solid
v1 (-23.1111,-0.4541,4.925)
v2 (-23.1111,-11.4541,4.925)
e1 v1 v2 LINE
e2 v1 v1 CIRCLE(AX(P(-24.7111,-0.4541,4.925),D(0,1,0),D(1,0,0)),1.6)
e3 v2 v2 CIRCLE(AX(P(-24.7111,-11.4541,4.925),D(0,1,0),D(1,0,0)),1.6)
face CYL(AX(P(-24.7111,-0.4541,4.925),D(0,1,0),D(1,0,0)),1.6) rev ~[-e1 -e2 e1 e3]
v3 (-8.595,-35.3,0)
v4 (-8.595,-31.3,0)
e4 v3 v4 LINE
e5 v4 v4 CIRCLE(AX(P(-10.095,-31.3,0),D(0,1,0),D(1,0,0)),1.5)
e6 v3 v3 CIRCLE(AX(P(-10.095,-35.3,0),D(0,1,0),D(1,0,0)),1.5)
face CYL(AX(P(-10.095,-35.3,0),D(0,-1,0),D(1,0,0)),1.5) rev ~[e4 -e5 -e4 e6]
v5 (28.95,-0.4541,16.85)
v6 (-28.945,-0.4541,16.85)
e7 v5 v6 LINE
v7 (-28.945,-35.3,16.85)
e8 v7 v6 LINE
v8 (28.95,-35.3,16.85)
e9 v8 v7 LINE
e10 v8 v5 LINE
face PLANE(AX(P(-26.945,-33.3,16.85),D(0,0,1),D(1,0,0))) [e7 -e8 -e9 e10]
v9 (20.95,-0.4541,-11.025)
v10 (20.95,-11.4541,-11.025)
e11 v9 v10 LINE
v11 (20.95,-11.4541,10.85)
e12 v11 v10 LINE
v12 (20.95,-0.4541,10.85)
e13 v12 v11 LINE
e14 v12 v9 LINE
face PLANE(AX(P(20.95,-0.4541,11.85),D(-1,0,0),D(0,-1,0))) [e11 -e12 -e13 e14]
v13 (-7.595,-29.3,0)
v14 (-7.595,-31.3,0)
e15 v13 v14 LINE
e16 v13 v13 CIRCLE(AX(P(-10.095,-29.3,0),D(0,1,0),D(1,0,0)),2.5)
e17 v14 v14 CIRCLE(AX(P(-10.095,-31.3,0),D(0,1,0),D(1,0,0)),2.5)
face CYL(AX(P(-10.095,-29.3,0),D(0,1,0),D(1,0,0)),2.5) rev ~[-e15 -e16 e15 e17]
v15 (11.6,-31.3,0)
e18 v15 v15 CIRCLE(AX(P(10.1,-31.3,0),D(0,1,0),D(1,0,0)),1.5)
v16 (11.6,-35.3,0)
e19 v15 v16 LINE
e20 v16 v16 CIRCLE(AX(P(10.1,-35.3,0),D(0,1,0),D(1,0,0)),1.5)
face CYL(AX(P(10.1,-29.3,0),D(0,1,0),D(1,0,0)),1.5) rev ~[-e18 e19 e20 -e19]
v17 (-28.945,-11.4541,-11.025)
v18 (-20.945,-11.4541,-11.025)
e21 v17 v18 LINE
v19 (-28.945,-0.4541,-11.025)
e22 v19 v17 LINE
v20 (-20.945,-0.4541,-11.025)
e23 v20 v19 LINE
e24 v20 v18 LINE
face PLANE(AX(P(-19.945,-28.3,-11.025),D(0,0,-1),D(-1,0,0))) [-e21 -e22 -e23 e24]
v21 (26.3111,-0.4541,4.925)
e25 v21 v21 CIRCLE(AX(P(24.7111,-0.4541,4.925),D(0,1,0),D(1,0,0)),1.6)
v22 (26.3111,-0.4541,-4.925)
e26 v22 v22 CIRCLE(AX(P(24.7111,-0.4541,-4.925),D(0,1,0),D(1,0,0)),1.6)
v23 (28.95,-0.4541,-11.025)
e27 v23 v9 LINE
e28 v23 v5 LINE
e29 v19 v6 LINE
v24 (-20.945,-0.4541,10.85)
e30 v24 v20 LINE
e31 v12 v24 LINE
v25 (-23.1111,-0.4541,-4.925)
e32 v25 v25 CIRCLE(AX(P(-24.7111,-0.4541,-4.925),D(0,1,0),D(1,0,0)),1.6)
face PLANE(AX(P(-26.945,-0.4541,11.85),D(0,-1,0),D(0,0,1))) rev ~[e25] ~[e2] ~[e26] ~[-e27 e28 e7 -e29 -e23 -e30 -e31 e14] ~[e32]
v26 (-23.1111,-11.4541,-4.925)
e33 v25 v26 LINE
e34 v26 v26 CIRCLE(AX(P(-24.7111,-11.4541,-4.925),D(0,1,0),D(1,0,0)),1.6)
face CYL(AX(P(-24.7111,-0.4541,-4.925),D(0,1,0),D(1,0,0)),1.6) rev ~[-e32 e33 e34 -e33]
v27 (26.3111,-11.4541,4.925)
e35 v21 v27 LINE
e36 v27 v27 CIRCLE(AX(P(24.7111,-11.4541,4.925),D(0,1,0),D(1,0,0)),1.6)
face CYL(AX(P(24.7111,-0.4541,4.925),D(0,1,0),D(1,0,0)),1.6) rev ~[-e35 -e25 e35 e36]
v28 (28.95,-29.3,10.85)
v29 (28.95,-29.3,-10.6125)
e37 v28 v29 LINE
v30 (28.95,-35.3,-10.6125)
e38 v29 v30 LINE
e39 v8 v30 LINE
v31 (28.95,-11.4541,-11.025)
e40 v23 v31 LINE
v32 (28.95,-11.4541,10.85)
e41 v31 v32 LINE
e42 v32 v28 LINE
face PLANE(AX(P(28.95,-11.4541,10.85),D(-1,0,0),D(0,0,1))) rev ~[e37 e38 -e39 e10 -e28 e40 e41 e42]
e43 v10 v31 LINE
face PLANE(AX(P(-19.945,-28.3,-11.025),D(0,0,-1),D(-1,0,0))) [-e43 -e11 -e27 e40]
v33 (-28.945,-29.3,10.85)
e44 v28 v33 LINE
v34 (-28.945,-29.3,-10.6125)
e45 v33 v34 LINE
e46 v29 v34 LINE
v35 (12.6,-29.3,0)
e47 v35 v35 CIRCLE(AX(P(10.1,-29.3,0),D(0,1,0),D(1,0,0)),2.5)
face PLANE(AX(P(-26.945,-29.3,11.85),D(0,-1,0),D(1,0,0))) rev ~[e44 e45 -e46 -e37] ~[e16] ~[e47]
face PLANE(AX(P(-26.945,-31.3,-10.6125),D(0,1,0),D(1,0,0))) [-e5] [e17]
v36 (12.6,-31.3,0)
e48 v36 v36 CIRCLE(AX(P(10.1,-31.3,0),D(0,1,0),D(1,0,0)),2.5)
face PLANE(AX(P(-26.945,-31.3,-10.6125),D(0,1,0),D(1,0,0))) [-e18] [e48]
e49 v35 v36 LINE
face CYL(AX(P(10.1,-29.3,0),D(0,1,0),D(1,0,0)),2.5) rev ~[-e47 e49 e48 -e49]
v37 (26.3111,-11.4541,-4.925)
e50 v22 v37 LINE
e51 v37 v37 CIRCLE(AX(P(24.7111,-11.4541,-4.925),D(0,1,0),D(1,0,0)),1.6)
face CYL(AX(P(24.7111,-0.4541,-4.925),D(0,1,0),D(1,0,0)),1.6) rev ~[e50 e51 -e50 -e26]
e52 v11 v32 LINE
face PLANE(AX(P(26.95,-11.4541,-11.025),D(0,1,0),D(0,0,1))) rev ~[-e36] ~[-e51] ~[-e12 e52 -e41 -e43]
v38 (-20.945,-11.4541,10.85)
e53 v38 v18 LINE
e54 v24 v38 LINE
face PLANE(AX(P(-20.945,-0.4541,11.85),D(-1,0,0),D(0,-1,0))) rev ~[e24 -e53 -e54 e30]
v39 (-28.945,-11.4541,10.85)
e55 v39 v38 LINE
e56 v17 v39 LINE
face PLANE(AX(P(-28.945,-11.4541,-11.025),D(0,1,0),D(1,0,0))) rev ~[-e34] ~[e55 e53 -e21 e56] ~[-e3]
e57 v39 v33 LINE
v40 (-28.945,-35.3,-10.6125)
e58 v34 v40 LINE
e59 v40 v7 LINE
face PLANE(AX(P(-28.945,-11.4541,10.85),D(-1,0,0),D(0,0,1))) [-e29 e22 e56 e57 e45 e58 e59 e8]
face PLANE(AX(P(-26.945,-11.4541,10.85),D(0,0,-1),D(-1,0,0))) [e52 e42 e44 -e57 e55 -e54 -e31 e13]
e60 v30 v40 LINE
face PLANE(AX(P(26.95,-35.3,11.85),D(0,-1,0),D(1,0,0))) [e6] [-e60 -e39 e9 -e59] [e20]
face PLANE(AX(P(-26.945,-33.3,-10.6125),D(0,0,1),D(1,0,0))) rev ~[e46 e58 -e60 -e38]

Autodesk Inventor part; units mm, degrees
ref_plane "Work Plane1" through (-19.25, -0.5, 9.85) normal (0, 0, 1) x (1, 0, 0)
sketch "Sketch1" plane through (-19.25, -0.5, 9.85) normal (0, 0, 1) x (1, 0, 0)
  line L0 (-0.695, -27.8) -> (39.2, -27.8)
  line L1 (39.2, -27.8) -> (39.2, 8.9608)
  line L2 (39.2, 8.9608) -> (-0.695, 8.9608)
  line L3 (-0.695, 8.9608) -> (-0.695, -27.8)
  point P0 (19.25, 0.5)
extrude "Extrusion1" add sketch "Sketch1" along normal blind 3
ref_plane "Work Plane2" through (-19.25, -0.5, 12.85) normal (0, 0, 1) x (1, 0, 0)
sketch "Sketch2" plane through (-19.25, -0.5, 12.85) normal (0, 0, 1) x (1, 0, 0)
  line L0 (39.2, -27.8) -> (39.2, 8.9608) projected
  line L1 (39.2, -27.8) -> (-0.695, -27.8)
  line L2 (-0.695, -27.8) -> (-0.695, 8.9608)
  line L3 (-0.695, 8.9608) -> (39.2, 8.9608)
  line L4 (39.2, 8.9608) -> (39.2, -27.8)
  point P0 (19.25, 0.5)
  point P1 (39.2, 8.9608)
extrude "Extrusion2" add sketch "Sketch2" along normal blind 5
ref_plane "Work Plane4" through (19.95, -28.3, 9.85) normal (1, 0, 0) x (0, 0, -1)
sketch "Sketch3" plane through (19.95, -28.3, 9.85) normal (1, 0, 0) x (0, 0, -1)
  line L0 (0, 0) -> (0, 36.7608) projected
  line L1 (0, 0) -> (-8, 0) projected
  line L2 (0, 36.7608) -> (-2, 36.7608)
  line L3 (-2, 36.7608) -> (-2, 0)
  line L4 (-2, 0) -> (0, 0)
  line L5 (0, 0) -> (0, 36.7608)
  point P0 (9.85, 28.3)
  dimension "d4" = 2
extrude "Extrusion3" cut sketch "Sketch3" against normal blind 50
ref_plane "Work Plane3" through (19.95, -28.3, 17.85) normal (1, 0, 0) x (0, 0, -1)
sketch "Sketch4" plane through (19.95, -28.3, 17.85) normal (1, 0, 0) x (0, 0, -1)
  line L0 (6, 0) -> (0, 0) projected
  line L1 (6, 36.7608) -> (0, 36.7608) projected
  line L2 (0, 0) -> (1, 0)
  line L3 (1, 0) -> (1, 36.7608)
  line L4 (1, 36.7608) -> (0, 36.7608)
  line L5 (0, 36.7608) -> (0, 0)
  point P0 (17.85, 28.3)
  point P1 (1, 0)
  dimension "d7" = 1
extrude "Extrusion4" cut sketch "Sketch4" against normal blind 50
ref_plane "Work Plane5" through (19.95, -28.3, 11.85) normal (1, 0, 0) x (0, 0, -1)
sketch "Sketch5" plane through (19.95, -28.3, 11.85) normal (1, 0, 0) x (0, 0, -1)
  line L0 (-5, 36.7608) -> (-5, 0) projected
  line L1 (0, 0) -> (0, 36.7608) projected
  line L2 (-5, 36.7608) -> (0, 36.7608)
  line L3 (0, 36.7608) -> (0, 0)
  line L4 (0, 0) -> (-5, 0)
  line L5 (-5, 0) -> (-5, 36.7608)
  point P0 (11.85, 28.3)
extrude "Extrusion5" add sketch "Sketch5" along normal blind 7
ref_plane "Work Plane6" through (-19.945, -28.3, 11.85) normal (0, 0, -1) x (-1, 0, 0)
sketch "Sketch6" plane through (-19.945, -28.3, 11.85) normal (0, 0, -1) x (-1, 0, 0)
  line L0 (-46.895, 0) -> (-46.895, 36.7608) projected
  line L1 (-46.895, 27.8459) -> (-40.895, 27.8459)
  line L2 (-40.895, 27.8459) -> (-40.895, 11.8459)
  line L3 (-40.895, 11.8459) -> (-46.895, 11.8459)
  line L4 (-46.895, 11.8459) -> (-46.895, 27.8459)
  point P0 (-19.945, 28.3)
  dimension "d12" = 6
  dimension "d13" = 16
extrude "Extrusion6" add sketch "Sketch6" along normal blind 22.875
sketch "Sketch7" plane through (20.95, -0.4541, 11.85) normal (0, 1, 0) x (1, 0, 0)
  arc A0 (5.4164, 8.2173) -> (5.4164, 5.6327) centre (3.7611, 6.925) ccw projected
  circle A1 centre (3.7611, 6.925) radius 2.5
  arc A2 (5.4164, 18.0673) -> (5.4164, 15.4827) centre (3.7611, 16.775) ccw projected
  circle A3 centre (3.7611, 16.775) radius 2.5
  point P0 (-20.95, 11.85)
  dimension "d16" = 5
  dimension "d17" = 5
extrude "Extrusion7" cut sketch "Sketch7" against normal blind 22.875
ref_plane "Work Plane7" through (26.95, -28.3, 11.85) normal (1, 0, 0) x (0, 0, -1)
sketch "Sketch8" plane through (26.95, -28.3, 11.85) normal (1, 0, 0) x (0, 0, -1)
  line L0 (0, 11.8459) -> (22.875, 11.8459) projected
  line L1 (22.875, 27.8459) -> (22.875, 11.8459) projected
  line L2 (0, 11.8459) -> (22.875, 11.8459)
  line L3 (22.875, 11.8459) -> (22.875, 16.8459)
  line L4 (22.875, 16.8459) -> (0, 16.8459)
  line L5 (0, 16.8459) -> (0, 11.8459)
  point P0 (11.85, 28.3)
  dimension "d20" = 5
extrude "Extrusion8" cut sketch "Sketch8" against normal blind 6.7
ref_plane "Work Plane8" through (-19.945, -28.3, 11.85) normal (-1, 0, 0) x (0, 0, 1)
sketch "Sketch9" plane through (-19.945, -28.3, 11.85) normal (-1, 0, 0) x (0, 0, 1)
  line L0 (0, 36.7608) -> (0, 0) projected
  line L1 (5, 0) -> (0, 0) projected
  line L2 (0, 36.7608) -> (5, 36.7608)
  line L3 (5, 36.7608) -> (5, 0)
  line L4 (5, 0) -> (0, 0)
  line L5 (0, 0) -> (0, 36.7608)
  point P0 (-11.85, 28.3)
extrude "Extrusion9" add sketch "Sketch9" along normal blind 7
ref_plane "Work Plane10" through (26.95, -0.4541, 11.85) normal (0, 0, -1) x (-1, 0, 0)
sketch "Sketch11" plane through (26.95, -0.4541, 11.85) normal (0, 0, -1) x (-1, 0, 0)
  line L0 (53.895, -27.8459) -> (53.895, 8.9148) projected
  line L1 (53.895, 0) -> (47.895, 0)
  line L2 (47.895, 0) -> (47.895, -11)
  line L3 (47.895, -11) -> (53.895, -11)
  line L4 (53.895, -11) -> (53.895, 0)
  point P0 (26.95, 0.4541)
  dimension "d25" = 6
extrude "Extrusion10" add sketch "Sketch11" along normal blind 22.875
sketch "Sketch12" plane through (-26.945, -0.4541, 11.85) normal (0, 1, 0) x (1, 0, 0)
  arc A0 (0.5786, 15.4827) -> (0.5786, 18.0673) centre (2.2339, 16.775) ccw projected
  circle A1 centre (2.2339, 16.775) radius 2.5
  arc A2 (0.5786, 5.6327) -> (0.5786, 8.2173) centre (2.2339, 6.925) ccw projected
  circle A3 centre (2.2339, 6.925) radius 2.5
  point P0 (26.945, 11.85)
  dimension "d28" = 5
  dimension "d29" = 5
extrude "Extrusion11" cut sketch "Sketch12" against normal blind 22.875
ref_plane "Work Plane11" through (-26.945, -28.3, 11.85) normal (-1, 0, 0) x (0, 0, 1)
sketch "Sketch13" plane through (-26.945, -28.3, 11.85) normal (-1, 0, 0) x (0, 0, 1)
  line L0 (0, 16.8459) -> (0, 27.8459) projected
  line L1 (5, 36.7608) -> (0, 36.7608) projected
  line L2 (0, 27.8459) -> (5, 27.8459)
  line L3 (5, 27.8459) -> (5, 36.7608)
  line L4 (5, 36.7608) -> (0, 36.7608)
  line L5 (0, 36.7608) -> (0, 27.8459)
  point P0 (-11.85, 28.3)
extrude "Extrusion12" cut sketch "Sketch13" against normal blind 67.325
ref_plane "Work Plane9" through (26.95, -28.3, 11.85) normal (0, -1, 0) x (1, 0, 0)
sketch "Sketch14" plane through (26.95, -28.3, 11.85) normal (0, -1, 0) x (1, 0, 0)
  line L0 (0, 5) -> (0, 0) projected
  line L1 (0, 5) -> (-53.895, 5) projected
  line L2 (0, 0) -> (-53.895, 0)
  line L3 (-53.895, 0) -> (-53.895, 5)
  line L4 (-53.895, 5) -> (0, 5)
  line L5 (0, 5) -> (0, 0)
  point P0 (-26.95, -11.85)
extrude "Extrusion13" add sketch "Sketch14" along normal blind 5
ref_plane "Work Plane12" through (26.95, -11.4541, 11.85) normal (0, 0, -1) x (-1, 0, 0)
sketch "Sketch15" plane through (26.95, -11.4541, 11.85) normal (0, 0, -1) x (-1, 0, 0)
  line L0 (53.895, -21.8459) -> (0, -21.8459) projected
  line L1 (53.895, 11) -> (53.895, -21.8459) projected
  line L2 (0, -21.8459) -> (53.895, -21.8459)
  line L3 (53.895, -21.8459) -> (53.895, -17.8459)
  line L4 (53.895, -17.8459) -> (0, -17.8459)
  line L5 (0, -17.8459) -> (0, -21.8459)
  point P0 (26.95, 11.4541)
  dimension "d36" = 4
extrude "Extrusion14" add sketch "Sketch15" along normal blind 22.4625
ref_plane "Work Plane13" through (-26.945, -29.3, 11.85) normal (0, 1, 0) x (1, 0, 0)
sketch "Sketch16" plane through (-26.945, -29.3, 11.85) normal (0, 1, 0) x (1, 0, 0)
  line L0 (53.895, 0) -> (53.895, 22.4625) projected
  line L1 (0, 0) -> (0, 22.4625) projected
  line L2 (53.895, 0) -> (0, 0)
  line L3 (0, 0) -> (0, 1)
  line L4 (0, 1) -> (53.895, 1)
  line L5 (53.895, 1) -> (53.895, 0)
  point P0 (26.945, 11.85)
  point P1 (53.895, 1)
  dimension "d39" = 1
extrude "Extrusion15" add sketch "Sketch16" along normal blind 30
ref_plane "Work Plane14" through (26.95, -28.3, 11.85) normal (1, 0, 0) x (0, 0, -1)
sketch "Sketch17" plane through (26.95, -28.3, 11.85) normal (1, 0, 0) x (0, 0, -1)
  line L0 (0, 29) -> (1, 29) projected
  line L1 (5.8126, 27.8459) -> (1, 27.8459) projected
  line L2 (0, 29) -> (1, 29)
  line L3 (1, 29) -> (1, 27.8459)
  line L4 (1, 27.8459) -> (0, 27.8459)
  line L5 (0, 27.8459) -> (0, 29)
  point P0 (11.85, 28.3)
extrude "Extrusion16" cut sketch "Sketch17" against normal blind 100
sketch "Sketch19" plane through (26.95, -33.3, 11.85) normal (0, -1, 0) x (1, 0, 0)
  circle A0 centre (-16.85, -11.85) radius 5
  circle A1 centre (-16.85, -11.85) radius 1.5
  point P0 (-26.95, -11.85)
  dimension "d47" = 10
  dimension "d50" = 3
extrude "Extrusion20" cut sketch "Sketch19" against normal blind 10 contours A1
sketch "Sketch20" plane through (26.95, -33.3, 11.85) normal (0, -1, 0) x (1, 0, 0)
  line L0 (-53.895, -22.4625) -> (0, -22.4625) projected
  line L1 (-53.895, 5) -> (-53.895, -22.4625) projected
  line L2 (0, -22.4625) -> (-53.895, -22.4625)
  line L3 (-53.895, -22.4625) -> (-53.895, 5)
  line L4 (-53.895, 5) -> (0, 5)
  line L5 (0, 5) -> (0, -22.4625)
  point P0 (-26.95, -11.85)
extrude "Extrusion21" add sketch "Sketch20" along normal blind 2
sketch "Sketch21" plane through (-26.945, -29.3, -10.6125) normal (0, 1, 0) x (1, 0, 0)
  circle A0 centre (37.045, -10.6125) radius 1.5 projected
  circle A1 centre (37.045, -10.6125) radius 1.5
  point P0 (26.945, -10.6125)
extrude "Extrusion22" cut sketch "Sketch21" against normal blind 10
sketch "Sketch22" plane through (-26.945, -29.3, -10.6125) normal (0, 1, 0) x (1, 0, 0)
  circle A0 centre (37.045, -10.6125) radius 1.5 projected
  circle A1 centre (37.045, -10.6125) radius 2.5
  point P0 (26.945, -10.6125)
  dimension "d59" = 5
extrude "Extrusion23" cut sketch "Sketch22" against normal blind 2
sketch "Sketch23" plane through (-19.945, -28.3, -11.025) normal (0, 0, -1) x (-1, 0, 0)
  line L0 (-46.895, 27.8459) -> (-46.895, 16.8459) projected
  line L1 (-46.895, 27.8459) -> (-48.895, 27.8459)
  line L2 (-48.895, 27.8459) -> (-48.895, 16.8459)
  line L3 (-48.895, 16.8459) -> (-46.895, 16.8459)
  line L4 (-46.895, 16.8459) -> (-46.895, 27.8459)
  line L5 (7, 16.8459) -> (7, 27.8459) projected
  line L6 (7, 27.8459) -> (9, 27.8459)
  line L7 (9, 27.8459) -> (9, 16.8459)
  line L8 (9, 16.8459) -> (7, 16.8459)
  line L9 (7, 16.8459) -> (7, 27.8459)
  point P0 (-19.945, 28.3)
  dimension "d62" = 2
  dimension "d63" = 2
extrude "Extrusion24" add sketch "Sketch23" against normal up to surface (27.875 mm away)
sketch "Sketch24" plane through (-20.945, -0.4541, 10.85) normal (0, 1, 0) x (1, 0, 0)
  arc A0 (47.895, 7.0374) -> (47.895, 4.8126) centre (45.6561, 5.925) ccw projected
  circle A1 centre (45.6561, 5.925) radius 1.6
  arc A2 (47.895, 16.8874) -> (47.895, 14.6626) centre (45.6561, 15.775) ccw projected
  circle A3 centre (45.6561, 15.775) radius 1.6
  circle A4 centre (45.6561, 5.925) radius 2.5
  circle A5 centre (45.6561, 15.775) radius 2.5
  point P0 (20.945, 10.85)
  point P1 (47.895, 4.8126)
  dimension "d66" = 3.2
  dimension "d67" = 3.2
extrude "Extrusion25" add sketch "Sketch24" against normal up to surface (11 mm away)
sketch "Sketch25" plane through (-20.945, -0.4541, 10.85) normal (0, 1, 0) x (1, 0, 0)
  arc A0 (-6, 4.8025) -> (-6, 7.0475) centre (-3.7661, 5.925) ccw projected
  circle A1 centre (-3.7661, 5.925) radius 1.6
  arc A2 (-6, 14.6525) -> (-6, 16.8975) centre (-3.7661, 15.775) ccw projected
  circle A3 centre (-3.7661, 15.775) radius 1.6
  circle A4 centre (-3.7661, 15.775) radius 2.5
  circle A5 centre (-3.7661, 5.925) radius 2.5
  point P0 (20.945, 10.85)
  point P1 (-6, 7.0475)
  dimension "d70" = 3.2
  dimension "d71" = 3.2
  dimension "d72" = 5
  dimension "d73" = 5
extrude "Extrusion26" add sketch "Sketch25" against normal up to surface (11 mm away)
sketch "Sketch26" plane through (26.95, -35.3, 11.85) normal (0, -1, 0) x (1, 0, 0)
  line L0 (-55.895, -22.875) -> (-55.895, 5) projected
  line L1 (-55.895, -11.85) -> (-37.045, -11.85)
  line L2 (-55.895, -11.85) -> (-37.045, -11.85) construction
  circle A0 centre (-37.045, -11.85) radius 1.5
  point P0 (-26.95, -11.85)
  dimension "d76" = 18.85
  dimension "d77" = 0
  dimension "d78" = 3
extrude "Extrusion27" cut sketch "Sketch26" against normal blind 10
sketch "Sketch27" plane through (-26.945, -29.3, -10.6125) normal (0, 1, 0) x (1, 0, 0)
  circle A0 centre (16.85, -10.6125) radius 1.5 projected
  circle A1 centre (16.85, -10.6125) radius 2.5
  point P0 (26.945, -10.6125)
  dimension "d81" = 5
extrude "Extrusion28" cut sketch "Sketch27" against normal up to surface (2 mm away)
sketch "Sketch28" plane through (-26.945, -35.3, 16.85) normal (0, 0, 1) x (1, 0, 0)
  line L0 (0, 0) -> (53.895, 0) projected
  line L1 (26.9475, 0) -> (26.9475, 34.8459)
  line L2 (6, 34.8459) -> (47.895, 34.8459) projected
  point P0 (26.945, 35.3)
sketch "Sketch29" plane through (-26.945, -11.4541, 10.85) normal (0, -1, 0) x (1, 0, 0)
  line L0 (6, 0) -> (0, 0) projected
  line L1 (-2, 6) -> (0, 6) projected
  line L2 (0, 0) -> (-2, 0)
  line L3 (-2, 0) -> (-2, 6)
  line L4 (-2, 6) -> (0, 6)
  line L5 (0, 6) -> (0, 0)
  line L6 (53.895, 0) -> (53.895, 6) projected
  line L7 (55.895, -21.875) -> (55.895, 6) projected
  line L8 (53.895, 0) -> (55.895, 0)
  line L9 (55.895, 0) -> (55.895, 6)
  line L10 (55.895, 6) -> (53.895, 6)
  line L11 (53.895, 6) -> (53.895, 0)
  point P0 (26.945, -10.85)
extrude "Extrusion29" add sketch "Sketch29" along normal up to surface (23.8459 mm away)
sketch "Sketch30" plane through (26.95, -29.3, 10.85) normal (0, 0, -1) x (-1, 0, 0)
  line L0 (53.895, 0) -> (0, 0) projected
  line L1 (-2, -6) -> (0, -6) projected
  line L2 (0, 0) -> (-2, 0)
  line L3 (-2, 0) -> (-2, -6)
  line L4 (-2, -6) -> (0, -6)
  line L5 (0, -6) -> (0, 0)
  line L6 (55.895, -6) -> (-2, -6) projected
  line L7 (55.895, 17.8459) -> (55.895, -6) projected
  line L8 (53.895, -6) -> (55.895, -6)
  line L9 (55.895, -6) -> (55.895, 0)
  line L10 (55.895, 0) -> (53.895, 0)
  line L11 (53.895, 0) -> (53.895, -6)
  point P0 (26.95, 29.3)
extrude "Extrusion30" add sketch "Sketch30" along normal up to surface (21.4625 mm away) contours L10 L7 L6 L11 | L5 L1 L3 L2
properties part number "MG996RServoHolder" material "钢"
